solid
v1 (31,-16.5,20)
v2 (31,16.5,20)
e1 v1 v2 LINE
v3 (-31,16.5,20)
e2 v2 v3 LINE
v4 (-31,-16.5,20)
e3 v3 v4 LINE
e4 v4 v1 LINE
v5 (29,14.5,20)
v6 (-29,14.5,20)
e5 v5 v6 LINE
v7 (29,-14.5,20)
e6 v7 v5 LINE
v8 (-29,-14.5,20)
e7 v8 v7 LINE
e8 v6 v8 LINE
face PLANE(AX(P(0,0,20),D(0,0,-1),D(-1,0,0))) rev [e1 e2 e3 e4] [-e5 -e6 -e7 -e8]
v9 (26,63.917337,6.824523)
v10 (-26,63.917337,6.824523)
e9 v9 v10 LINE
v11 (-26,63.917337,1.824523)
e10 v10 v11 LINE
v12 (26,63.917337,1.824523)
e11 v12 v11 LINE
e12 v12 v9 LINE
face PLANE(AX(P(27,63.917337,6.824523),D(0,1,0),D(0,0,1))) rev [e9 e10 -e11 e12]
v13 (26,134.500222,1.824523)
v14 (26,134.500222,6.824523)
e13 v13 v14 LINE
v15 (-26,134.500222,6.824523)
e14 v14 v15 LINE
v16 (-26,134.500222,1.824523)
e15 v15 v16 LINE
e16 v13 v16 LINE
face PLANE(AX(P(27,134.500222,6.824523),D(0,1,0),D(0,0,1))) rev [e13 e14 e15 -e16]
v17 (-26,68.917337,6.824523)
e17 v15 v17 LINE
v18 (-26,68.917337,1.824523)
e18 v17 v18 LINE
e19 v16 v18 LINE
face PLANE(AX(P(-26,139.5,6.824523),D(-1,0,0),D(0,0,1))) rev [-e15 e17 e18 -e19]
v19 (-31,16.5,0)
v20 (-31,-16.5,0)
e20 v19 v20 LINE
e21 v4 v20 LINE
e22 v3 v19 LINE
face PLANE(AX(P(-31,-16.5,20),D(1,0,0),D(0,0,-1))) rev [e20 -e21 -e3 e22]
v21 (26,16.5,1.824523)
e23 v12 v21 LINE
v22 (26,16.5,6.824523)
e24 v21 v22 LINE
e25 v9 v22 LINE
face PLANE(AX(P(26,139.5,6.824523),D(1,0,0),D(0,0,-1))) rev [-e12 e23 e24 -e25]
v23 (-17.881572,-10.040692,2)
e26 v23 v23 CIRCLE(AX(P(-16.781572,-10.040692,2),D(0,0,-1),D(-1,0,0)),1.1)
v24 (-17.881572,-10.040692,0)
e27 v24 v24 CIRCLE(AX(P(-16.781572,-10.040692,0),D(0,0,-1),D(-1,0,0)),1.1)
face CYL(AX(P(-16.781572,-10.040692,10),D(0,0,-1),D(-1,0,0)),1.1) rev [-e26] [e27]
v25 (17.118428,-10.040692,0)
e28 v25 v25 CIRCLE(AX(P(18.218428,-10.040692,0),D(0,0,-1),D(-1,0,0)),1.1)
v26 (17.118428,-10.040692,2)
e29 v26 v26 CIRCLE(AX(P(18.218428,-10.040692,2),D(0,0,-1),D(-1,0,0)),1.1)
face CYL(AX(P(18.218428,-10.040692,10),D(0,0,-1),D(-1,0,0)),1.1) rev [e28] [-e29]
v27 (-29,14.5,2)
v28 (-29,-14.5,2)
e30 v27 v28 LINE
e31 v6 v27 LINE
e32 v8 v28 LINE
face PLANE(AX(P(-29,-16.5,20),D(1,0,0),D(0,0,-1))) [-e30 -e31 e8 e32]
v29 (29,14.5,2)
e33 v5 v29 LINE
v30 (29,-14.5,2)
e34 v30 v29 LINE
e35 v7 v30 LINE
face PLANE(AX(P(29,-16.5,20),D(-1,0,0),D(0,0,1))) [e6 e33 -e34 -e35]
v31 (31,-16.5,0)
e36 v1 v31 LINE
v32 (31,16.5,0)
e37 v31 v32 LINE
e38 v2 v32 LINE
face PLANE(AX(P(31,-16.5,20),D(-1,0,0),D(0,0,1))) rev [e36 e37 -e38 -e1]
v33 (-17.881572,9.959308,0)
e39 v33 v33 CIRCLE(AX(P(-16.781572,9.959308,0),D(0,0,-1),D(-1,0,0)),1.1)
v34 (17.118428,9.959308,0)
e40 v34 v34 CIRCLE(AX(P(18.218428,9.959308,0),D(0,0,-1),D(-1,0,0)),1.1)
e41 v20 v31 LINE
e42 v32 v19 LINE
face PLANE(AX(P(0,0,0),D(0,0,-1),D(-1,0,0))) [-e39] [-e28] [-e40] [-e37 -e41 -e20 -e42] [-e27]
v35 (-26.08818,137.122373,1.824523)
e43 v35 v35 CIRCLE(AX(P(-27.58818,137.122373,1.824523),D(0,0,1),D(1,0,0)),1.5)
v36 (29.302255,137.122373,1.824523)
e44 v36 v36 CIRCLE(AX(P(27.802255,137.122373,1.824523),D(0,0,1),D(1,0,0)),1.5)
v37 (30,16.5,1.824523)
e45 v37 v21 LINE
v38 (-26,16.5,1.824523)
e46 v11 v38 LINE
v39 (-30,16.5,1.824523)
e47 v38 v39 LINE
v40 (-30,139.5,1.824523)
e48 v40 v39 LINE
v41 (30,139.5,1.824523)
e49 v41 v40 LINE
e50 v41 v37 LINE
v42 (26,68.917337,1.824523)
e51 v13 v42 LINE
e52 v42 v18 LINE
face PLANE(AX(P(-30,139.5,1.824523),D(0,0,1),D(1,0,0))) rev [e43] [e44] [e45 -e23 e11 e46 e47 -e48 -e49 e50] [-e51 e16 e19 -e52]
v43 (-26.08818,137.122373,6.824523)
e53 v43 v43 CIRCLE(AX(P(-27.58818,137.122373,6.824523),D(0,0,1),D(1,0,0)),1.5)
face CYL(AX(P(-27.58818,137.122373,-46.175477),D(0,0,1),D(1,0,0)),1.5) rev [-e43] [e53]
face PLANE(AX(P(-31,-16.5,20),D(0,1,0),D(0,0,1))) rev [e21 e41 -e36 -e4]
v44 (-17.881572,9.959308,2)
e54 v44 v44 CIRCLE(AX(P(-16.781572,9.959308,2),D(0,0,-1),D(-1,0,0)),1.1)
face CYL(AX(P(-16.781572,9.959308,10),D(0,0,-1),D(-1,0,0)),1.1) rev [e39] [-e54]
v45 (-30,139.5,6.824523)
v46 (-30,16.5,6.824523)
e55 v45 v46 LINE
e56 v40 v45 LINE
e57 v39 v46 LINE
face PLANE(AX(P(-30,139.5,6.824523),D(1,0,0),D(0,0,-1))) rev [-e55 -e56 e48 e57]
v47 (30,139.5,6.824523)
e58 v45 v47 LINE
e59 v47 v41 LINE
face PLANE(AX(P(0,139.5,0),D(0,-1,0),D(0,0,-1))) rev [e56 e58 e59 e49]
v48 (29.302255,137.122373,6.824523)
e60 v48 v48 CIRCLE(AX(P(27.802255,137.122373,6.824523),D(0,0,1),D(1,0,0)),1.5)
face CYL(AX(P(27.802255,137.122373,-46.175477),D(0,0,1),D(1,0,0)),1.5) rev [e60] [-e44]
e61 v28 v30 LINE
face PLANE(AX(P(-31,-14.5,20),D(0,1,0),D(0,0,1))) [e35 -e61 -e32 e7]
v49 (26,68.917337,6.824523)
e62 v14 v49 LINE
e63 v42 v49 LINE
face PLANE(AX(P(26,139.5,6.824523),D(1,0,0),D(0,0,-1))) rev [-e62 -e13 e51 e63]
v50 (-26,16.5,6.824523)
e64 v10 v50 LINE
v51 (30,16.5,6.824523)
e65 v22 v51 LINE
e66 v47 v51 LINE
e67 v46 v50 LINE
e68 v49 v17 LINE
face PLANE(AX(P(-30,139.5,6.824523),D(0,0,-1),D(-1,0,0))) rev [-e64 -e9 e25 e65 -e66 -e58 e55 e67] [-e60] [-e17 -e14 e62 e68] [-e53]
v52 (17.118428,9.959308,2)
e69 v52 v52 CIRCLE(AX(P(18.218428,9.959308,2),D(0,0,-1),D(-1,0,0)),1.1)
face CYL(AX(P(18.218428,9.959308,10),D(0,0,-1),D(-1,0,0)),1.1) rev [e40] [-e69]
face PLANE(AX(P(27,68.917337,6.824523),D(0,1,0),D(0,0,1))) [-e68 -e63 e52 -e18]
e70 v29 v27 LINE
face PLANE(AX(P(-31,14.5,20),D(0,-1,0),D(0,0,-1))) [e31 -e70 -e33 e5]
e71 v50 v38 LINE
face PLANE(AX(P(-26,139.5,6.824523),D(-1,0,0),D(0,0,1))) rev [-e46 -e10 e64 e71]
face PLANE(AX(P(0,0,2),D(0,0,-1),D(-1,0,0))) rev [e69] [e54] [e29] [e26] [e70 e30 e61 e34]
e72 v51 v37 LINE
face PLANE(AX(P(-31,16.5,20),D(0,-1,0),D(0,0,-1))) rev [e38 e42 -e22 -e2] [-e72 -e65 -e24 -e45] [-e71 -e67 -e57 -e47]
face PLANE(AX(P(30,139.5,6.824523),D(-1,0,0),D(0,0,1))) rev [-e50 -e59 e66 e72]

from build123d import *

# Parameters (mm, degrees)
SKETCH1_W           = 62
SKETCH1_H           = 33
BOSS_EXTRUDE1_DEPTH = 20
SHELL1_T            = -2
SKETCH2_W           = 4
SKETCH2_H           = 5
BOSS_EXTRUDE2_DEPTH = 123
SKETCH3_W           = 5
SKETCH3_H           = 5
BOSS_EXTRUDE3_DEPTH = 53
SKETCH4_W           = 5
SKETCH4_H           = 4.999777887
BOSS_EXTRUDE4_DEPTH = 53
SKETCH5_R           = 1.5
CUT_EXTRUDE1_DEPTH  = 53
SKETCH6_R           = 1.1
CUT_EXTRUDE2_DEPTH  = 10


with BuildPart() as part:
    # Sketch1 → Boss-Extrude1 (new body)
    with BuildSketch(Plane.XY):
        Rectangle(SKETCH1_W, SKETCH1_H)
    extrude(amount=BOSS_EXTRUDE1_DEPTH)

    # Shell1
    shell1_openings = [part.faces().sort_by_distance(p)[0] for p in [
        (0, 0, 20),
    ]]
    offset(amount=SHELL1_T, openings=shell1_openings, kind=Kind.INTERSECTION)

    # Sketch2 → Boss-Extrude2 (add)
    with BuildSketch(Plane(origin=(0, 16.5, 0), x_dir=(1, 0, 0), z_dir=(0, 1, 0))):
        with Locations((-28, -4.324522586)):
            Rectangle(SKETCH2_W, SKETCH2_H)
        with Locations((28, -4.324522586)):
            Rectangle(SKETCH2_W, SKETCH2_H)
    extrude(amount=BOSS_EXTRUDE2_DEPTH)

    # Sketch3 → Boss-Extrude3 (add)
    with BuildSketch(Plane(origin=(-26, 0, 0), x_dir=(0, 0, -1), z_dir=(1, 0, 0))):
        with Locations((-4.324522586, 66.417337004)):
            Rectangle(SKETCH3_W, SKETCH3_H)
    extrude(amount=BOSS_EXTRUDE3_DEPTH)

    # Sketch4 → Boss-Extrude4 (add)
    with BuildSketch(Plane(origin=(-26, 0, 0), x_dir=(0, 0, -1), z_dir=(1, 0, 0))):
        with Locations((-4.324522586, 137.000111057)):
            Rectangle(SKETCH4_W, SKETCH4_H)
    extrude(amount=BOSS_EXTRUDE4_DEPTH)

    # Sketch5 → Cut-Extrude1 (cut)
    with BuildSketch(Plane.XY.offset(6.824522586)):
        with Locations((-27.588179803, 137.122373113)):
            Circle(SKETCH5_R)
        with Locations((27.802254523, 137.122373113)):
            Circle(SKETCH5_R)
    extrude(amount=-CUT_EXTRUDE1_DEPTH, mode=Mode.SUBTRACT)

    # Sketch6 → Cut-Extrude2 (cut)
    with BuildSketch(Plane(origin=(0, 0, 0), x_dir=(-1, 0, 0), z_dir=(0, 0, -1))):
        with Locations((-18.21842794, 9.95930811)):
            Circle(SKETCH6_R)
        with Locations((-18.21842794, -10.04069189)):
            Circle(SKETCH6_R)
        with Locations((16.78157206, -10.04069189)):
            Circle(SKETCH6_R)
        with Locations((16.78157206, 9.95930811)):
            Circle(SKETCH6_R)
    extrude(amount=-CUT_EXTRUDE2_DEPTH, mode=Mode.SUBTRACT)


solid = part.part
